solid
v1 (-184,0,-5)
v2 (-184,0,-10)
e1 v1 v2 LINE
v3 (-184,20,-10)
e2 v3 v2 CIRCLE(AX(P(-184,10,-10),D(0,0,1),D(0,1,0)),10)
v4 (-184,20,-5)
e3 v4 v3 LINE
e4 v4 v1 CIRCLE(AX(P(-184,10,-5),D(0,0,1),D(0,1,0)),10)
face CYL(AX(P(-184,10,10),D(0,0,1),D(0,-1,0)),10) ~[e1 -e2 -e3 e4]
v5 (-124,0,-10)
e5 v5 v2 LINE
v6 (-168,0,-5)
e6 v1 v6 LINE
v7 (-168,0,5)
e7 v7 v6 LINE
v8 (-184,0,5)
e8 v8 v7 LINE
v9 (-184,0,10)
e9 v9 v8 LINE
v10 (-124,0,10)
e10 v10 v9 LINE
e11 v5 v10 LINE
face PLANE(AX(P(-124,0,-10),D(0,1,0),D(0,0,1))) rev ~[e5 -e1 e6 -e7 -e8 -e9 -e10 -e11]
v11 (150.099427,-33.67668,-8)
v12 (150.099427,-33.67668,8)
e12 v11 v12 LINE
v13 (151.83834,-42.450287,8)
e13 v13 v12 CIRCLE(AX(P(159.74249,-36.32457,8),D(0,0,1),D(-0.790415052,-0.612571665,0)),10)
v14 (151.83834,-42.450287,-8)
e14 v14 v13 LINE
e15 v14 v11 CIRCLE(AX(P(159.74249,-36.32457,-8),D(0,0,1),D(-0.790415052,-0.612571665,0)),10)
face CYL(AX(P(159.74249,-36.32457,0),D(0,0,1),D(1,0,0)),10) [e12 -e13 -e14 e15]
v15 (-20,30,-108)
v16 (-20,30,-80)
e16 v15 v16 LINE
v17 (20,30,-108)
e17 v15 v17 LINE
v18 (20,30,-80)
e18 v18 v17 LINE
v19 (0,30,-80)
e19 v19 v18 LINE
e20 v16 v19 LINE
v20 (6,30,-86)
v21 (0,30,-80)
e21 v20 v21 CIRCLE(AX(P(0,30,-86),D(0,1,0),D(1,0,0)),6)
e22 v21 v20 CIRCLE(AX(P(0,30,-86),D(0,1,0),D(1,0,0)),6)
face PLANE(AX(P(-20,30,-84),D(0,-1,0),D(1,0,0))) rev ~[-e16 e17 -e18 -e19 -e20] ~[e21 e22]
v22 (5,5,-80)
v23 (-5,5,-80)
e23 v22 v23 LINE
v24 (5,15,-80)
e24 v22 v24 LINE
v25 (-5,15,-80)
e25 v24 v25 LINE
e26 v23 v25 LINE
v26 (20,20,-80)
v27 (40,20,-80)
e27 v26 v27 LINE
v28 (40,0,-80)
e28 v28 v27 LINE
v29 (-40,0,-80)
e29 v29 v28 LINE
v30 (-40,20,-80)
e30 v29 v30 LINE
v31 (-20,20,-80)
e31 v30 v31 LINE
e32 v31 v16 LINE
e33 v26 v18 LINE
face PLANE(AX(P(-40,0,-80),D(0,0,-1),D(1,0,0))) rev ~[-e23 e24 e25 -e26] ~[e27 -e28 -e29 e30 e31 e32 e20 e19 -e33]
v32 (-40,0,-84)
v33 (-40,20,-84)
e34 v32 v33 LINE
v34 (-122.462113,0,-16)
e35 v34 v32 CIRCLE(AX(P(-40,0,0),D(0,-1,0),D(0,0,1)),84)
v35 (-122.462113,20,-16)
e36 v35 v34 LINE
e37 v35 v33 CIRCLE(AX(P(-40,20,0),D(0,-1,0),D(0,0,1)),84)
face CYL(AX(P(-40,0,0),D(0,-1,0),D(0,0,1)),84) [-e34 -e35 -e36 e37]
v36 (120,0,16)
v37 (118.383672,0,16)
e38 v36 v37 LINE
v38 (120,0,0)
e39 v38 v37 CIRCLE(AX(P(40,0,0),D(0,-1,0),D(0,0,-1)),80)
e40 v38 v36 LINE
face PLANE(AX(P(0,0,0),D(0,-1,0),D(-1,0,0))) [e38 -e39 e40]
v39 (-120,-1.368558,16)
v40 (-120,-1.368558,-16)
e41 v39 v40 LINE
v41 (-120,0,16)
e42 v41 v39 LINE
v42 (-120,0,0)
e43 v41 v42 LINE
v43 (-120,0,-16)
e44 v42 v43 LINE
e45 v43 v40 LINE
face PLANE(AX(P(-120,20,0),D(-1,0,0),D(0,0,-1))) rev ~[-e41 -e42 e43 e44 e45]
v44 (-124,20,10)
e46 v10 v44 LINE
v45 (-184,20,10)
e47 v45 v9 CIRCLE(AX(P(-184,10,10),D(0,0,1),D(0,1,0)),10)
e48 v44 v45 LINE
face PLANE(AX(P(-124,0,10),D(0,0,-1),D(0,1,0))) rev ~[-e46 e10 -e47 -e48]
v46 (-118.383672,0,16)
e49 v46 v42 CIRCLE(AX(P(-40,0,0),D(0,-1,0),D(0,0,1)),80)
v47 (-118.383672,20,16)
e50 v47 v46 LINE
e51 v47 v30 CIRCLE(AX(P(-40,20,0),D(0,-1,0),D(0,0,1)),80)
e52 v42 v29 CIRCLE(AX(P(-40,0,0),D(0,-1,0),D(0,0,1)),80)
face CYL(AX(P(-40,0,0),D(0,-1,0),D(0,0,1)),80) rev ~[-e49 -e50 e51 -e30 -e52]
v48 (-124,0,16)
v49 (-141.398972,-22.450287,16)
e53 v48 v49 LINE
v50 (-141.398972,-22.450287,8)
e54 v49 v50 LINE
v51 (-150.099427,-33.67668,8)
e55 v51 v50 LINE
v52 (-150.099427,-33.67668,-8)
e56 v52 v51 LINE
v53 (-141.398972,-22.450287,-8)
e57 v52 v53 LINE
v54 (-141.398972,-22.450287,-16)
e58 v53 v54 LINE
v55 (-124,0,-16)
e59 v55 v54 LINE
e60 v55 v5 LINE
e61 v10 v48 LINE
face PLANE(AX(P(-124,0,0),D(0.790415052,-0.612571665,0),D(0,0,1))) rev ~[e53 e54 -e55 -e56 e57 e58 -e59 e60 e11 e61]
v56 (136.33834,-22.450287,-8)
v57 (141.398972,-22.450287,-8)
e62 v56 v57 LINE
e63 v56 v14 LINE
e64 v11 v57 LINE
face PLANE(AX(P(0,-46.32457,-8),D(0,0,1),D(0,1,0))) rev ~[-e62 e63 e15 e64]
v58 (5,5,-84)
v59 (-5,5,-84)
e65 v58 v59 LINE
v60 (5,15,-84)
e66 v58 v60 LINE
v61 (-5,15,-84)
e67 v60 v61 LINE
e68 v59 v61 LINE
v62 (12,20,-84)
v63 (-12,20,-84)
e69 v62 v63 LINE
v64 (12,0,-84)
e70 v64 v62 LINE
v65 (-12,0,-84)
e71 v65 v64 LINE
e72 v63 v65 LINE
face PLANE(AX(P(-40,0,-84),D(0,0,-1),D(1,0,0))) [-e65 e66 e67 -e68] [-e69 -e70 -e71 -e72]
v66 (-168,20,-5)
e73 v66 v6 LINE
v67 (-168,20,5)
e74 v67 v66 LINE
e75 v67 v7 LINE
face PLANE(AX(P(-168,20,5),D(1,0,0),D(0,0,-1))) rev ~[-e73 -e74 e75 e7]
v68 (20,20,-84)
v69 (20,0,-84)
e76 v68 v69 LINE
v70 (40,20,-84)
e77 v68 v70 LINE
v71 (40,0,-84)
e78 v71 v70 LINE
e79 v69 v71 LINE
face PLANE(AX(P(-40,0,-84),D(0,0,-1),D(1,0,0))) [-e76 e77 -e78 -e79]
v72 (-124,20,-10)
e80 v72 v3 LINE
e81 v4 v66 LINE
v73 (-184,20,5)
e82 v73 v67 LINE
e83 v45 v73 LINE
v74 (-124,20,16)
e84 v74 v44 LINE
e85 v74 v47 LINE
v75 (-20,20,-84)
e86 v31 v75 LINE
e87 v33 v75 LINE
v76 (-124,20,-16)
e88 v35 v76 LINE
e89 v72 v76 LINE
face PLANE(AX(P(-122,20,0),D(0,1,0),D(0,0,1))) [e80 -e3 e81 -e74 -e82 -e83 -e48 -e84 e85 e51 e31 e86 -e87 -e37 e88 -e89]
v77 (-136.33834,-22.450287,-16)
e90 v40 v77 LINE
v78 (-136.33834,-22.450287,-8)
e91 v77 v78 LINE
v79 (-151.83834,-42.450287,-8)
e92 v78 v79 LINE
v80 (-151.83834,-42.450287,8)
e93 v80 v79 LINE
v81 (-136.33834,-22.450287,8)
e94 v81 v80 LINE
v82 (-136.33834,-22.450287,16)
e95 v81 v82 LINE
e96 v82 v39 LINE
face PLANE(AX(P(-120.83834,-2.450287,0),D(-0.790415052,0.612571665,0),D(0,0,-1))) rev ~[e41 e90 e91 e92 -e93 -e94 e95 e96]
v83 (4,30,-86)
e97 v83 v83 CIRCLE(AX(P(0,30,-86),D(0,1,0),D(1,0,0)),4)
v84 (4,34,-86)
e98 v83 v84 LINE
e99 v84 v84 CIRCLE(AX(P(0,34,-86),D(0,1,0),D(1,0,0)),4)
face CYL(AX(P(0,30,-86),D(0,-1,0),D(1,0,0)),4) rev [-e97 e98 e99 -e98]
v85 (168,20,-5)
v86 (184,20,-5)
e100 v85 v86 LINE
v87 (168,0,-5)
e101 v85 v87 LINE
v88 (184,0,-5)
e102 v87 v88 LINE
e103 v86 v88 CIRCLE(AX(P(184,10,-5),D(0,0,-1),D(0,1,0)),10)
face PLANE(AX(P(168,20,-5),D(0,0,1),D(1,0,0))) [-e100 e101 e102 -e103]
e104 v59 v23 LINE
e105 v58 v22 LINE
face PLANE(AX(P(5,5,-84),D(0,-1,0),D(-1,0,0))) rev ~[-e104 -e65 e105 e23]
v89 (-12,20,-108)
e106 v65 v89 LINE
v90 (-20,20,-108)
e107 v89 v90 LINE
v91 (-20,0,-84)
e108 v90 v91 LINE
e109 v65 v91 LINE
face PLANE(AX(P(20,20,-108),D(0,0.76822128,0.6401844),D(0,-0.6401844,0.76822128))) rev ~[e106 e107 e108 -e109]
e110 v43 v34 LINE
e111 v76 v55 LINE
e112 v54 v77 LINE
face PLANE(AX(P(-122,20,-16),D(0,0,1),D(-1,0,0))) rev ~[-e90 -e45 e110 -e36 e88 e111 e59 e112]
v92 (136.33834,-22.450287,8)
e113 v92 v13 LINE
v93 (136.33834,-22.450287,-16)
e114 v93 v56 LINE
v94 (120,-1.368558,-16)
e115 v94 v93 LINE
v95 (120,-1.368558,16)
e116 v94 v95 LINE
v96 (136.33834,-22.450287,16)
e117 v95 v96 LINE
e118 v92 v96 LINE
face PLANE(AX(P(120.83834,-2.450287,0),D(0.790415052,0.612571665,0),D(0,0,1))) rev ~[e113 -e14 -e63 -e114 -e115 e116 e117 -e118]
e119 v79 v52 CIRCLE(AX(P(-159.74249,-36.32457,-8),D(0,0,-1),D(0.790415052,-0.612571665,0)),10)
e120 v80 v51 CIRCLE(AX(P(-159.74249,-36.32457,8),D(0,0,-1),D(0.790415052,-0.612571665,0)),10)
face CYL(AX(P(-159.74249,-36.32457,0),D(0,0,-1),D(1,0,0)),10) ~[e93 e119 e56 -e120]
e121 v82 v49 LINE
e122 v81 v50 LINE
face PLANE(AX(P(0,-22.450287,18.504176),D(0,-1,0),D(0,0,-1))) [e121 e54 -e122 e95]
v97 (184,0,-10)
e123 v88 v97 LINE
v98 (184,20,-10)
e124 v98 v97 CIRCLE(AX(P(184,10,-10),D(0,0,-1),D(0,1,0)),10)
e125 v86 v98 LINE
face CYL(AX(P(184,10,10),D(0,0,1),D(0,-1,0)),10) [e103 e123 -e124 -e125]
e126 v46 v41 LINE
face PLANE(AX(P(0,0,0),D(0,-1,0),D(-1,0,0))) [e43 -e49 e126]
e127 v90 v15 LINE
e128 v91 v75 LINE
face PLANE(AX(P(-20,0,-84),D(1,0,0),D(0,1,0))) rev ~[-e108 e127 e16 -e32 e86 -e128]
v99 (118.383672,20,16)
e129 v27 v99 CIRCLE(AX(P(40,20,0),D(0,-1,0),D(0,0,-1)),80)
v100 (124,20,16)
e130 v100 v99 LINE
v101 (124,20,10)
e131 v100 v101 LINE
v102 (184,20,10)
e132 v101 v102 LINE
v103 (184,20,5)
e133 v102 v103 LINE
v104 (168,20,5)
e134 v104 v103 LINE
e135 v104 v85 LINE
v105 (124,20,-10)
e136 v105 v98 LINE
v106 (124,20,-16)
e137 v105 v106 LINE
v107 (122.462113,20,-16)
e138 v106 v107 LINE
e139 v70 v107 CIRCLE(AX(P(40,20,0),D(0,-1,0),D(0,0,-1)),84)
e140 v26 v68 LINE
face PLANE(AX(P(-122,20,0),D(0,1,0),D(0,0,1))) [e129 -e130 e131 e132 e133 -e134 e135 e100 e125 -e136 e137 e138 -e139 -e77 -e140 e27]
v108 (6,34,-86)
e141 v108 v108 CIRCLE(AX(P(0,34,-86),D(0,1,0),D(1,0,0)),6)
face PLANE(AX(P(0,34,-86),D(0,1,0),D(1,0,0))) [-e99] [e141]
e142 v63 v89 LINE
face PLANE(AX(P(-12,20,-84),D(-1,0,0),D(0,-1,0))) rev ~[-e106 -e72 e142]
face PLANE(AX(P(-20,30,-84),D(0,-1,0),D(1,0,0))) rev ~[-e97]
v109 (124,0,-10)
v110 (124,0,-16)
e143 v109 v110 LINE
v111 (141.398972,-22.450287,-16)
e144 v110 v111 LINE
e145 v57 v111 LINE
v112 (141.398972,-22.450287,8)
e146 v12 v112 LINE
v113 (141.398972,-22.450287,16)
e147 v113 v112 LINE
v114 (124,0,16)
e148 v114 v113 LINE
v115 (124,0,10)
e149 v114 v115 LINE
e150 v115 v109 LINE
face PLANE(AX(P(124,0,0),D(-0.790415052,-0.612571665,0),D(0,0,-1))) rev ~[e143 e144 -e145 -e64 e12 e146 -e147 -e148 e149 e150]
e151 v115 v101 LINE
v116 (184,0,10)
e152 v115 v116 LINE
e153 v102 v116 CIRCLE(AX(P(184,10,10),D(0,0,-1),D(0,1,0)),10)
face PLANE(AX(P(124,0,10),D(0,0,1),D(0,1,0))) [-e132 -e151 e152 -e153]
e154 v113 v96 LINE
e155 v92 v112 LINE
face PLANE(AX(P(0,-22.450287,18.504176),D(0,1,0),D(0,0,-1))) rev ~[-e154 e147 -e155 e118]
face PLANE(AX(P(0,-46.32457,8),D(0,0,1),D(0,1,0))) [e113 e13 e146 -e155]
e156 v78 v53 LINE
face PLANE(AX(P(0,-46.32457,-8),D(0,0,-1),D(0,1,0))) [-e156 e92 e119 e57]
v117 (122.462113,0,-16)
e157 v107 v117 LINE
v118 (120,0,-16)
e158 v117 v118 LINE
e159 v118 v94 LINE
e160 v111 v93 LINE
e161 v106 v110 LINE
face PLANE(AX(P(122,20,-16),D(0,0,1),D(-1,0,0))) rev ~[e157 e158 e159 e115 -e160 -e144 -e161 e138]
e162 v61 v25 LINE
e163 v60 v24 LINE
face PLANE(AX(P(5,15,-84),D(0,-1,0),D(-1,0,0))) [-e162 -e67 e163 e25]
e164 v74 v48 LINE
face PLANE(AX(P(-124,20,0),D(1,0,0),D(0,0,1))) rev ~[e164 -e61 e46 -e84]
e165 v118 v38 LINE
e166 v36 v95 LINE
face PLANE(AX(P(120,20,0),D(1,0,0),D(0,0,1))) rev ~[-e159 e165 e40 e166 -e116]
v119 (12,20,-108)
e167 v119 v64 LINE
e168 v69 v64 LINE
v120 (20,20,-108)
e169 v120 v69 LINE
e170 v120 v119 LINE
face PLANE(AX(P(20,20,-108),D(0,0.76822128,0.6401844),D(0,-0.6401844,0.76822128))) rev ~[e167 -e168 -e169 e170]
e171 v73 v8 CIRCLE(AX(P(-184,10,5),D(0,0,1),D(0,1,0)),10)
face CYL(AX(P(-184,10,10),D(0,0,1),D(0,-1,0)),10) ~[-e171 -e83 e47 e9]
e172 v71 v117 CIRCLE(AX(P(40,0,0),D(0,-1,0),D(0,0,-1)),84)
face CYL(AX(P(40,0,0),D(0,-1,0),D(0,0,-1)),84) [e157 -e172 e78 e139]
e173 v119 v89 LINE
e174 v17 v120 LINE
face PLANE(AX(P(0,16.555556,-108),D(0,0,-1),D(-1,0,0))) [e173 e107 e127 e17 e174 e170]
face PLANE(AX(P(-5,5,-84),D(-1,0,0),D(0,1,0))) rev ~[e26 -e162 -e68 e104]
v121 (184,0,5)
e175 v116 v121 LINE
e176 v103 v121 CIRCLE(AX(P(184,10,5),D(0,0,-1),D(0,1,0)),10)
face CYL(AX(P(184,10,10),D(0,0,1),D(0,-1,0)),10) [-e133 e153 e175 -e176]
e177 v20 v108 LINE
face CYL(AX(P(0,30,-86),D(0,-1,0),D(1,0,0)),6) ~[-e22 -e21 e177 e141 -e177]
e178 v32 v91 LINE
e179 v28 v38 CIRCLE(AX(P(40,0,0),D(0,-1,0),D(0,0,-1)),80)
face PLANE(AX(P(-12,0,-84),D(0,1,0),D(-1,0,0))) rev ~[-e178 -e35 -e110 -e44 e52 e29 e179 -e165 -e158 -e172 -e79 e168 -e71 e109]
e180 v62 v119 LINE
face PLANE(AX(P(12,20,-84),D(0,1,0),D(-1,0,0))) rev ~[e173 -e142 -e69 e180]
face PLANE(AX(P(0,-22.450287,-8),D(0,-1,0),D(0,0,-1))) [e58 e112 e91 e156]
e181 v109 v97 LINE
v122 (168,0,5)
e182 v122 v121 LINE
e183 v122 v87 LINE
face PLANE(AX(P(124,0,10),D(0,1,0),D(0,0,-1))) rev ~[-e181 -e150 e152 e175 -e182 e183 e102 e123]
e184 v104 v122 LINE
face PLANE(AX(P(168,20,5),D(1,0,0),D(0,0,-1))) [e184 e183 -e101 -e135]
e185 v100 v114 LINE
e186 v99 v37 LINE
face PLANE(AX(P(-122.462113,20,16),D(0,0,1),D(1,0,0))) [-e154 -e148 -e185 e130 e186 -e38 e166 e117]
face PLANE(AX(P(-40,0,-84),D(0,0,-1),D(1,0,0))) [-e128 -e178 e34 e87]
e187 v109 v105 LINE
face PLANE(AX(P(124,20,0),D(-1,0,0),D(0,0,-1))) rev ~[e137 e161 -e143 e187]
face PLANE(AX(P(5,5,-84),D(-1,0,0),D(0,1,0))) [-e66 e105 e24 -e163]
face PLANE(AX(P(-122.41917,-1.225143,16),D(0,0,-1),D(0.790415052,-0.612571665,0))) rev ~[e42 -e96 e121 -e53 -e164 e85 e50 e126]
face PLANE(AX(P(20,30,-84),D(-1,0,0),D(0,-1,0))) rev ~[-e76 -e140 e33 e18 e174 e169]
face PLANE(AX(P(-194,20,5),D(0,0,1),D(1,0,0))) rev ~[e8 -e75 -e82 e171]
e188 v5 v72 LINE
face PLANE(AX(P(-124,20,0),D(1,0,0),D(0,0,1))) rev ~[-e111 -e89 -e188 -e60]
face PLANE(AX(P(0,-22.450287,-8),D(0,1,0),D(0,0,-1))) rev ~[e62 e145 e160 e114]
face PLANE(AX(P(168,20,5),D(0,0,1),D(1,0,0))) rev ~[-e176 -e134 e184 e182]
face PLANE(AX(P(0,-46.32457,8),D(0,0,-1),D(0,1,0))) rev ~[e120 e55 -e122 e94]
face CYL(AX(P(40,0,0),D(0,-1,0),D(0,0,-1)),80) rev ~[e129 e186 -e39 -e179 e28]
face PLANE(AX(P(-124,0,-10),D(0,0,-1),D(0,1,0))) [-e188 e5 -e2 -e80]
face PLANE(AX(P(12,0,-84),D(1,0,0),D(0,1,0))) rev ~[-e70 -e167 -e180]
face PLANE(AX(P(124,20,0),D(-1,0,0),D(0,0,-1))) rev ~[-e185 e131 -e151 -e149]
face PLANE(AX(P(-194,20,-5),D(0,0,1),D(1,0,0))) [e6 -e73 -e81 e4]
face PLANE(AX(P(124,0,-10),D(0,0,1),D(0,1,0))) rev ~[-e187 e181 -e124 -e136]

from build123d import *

# Parameters (mm, degrees)
EXTRUDE_1_DEPTH           = 20
SKETCH_18_W               = 10
SKETCH_18_H               = 10
CUT_EXTRUDE_6_DEPTH       = 10
SKETCH_20_W               = 40
SKETCH_20_H               = 4
EXTRUDE_5_DEPTH           = 10
SKETCH_8_W                = 4
SKETCH_8_H                = 32
SKETCH_25_W               = 246.903686524
SKETCH_25_H               = 75.06139437
CUT_EXTRUDE_7_DEPTH       = 30
SKETCH_11_W               = 4
SKETCH_11_H               = 32
SKETCH_26_W               = 20
SKETCH_26_H               = 20
EXTRUDE_6_DEPTH           = 70
SKETCH_28_W               = 20
SKETCH_28_H               = 20
EXTRUDE_7_DEPTH           = 70
SKETCH_29_W               = 26
SKETCH_29_H               = 10
CUT_EXTRUDE_8_DEPTH       = 20
SKETCH_31_R               = 10
CUT_EXTRUDE_10_DEPTH      = 101
SKETCH_32_R               = 10
EXTRUDE_8_DEPTH           = 8
CUT_EXTRUDE_11_DEPTH      = 95
EXTRUDE_9_DEPTH           = 24
CUT_EXTRUDE_12_DEPTH      = 215
SKETCH_36_R               = 6
SKETCH_36_R_2             = 4
EXTRUDE_10_DEPTH          = 4
SKETCH_38_W               = 10.504176023
SKETCH_38_H               = 23.874283345
SKETCH_38_W_2             = 11.702143621
CUT_EXTRUDE_13_DEPTH      = 195
CUT_EXTRUDE_13_DEPTH_BACK = 195


with BuildPart() as part:
    # 草图2 → 凸台-拉伸1 (new body)
    with BuildSketch(Plane(origin=(0, 0, 0), x_dir=(1, 0, 0), z_dir=(0, 1, 0))):
        with BuildLine():
            Line((-40, 84), (40, 84))
            ThreePointArc((40, 84), (124, 0), (40, -84))
            Line((40, -84), (-40, -84))
            ThreePointArc((-40, -84), (-124, 0), (-40, 84))
        make_face()
        with BuildLine():
            Line((-40, 80), (40, 80))
            ThreePointArc((40, 80), (120, 0), (40, -80))
            Line((40, -80), (-40, -80))
            ThreePointArc((-40, -80), (-120, 0), (-40, 80))
        make_face(mode=Mode.SUBTRACT)
    extrude(amount=EXTRUDE_1_DEPTH)

    # 草图18 → 切除-拉伸6 (cut)
    with BuildSketch(Plane(origin=(0, 0, -84), x_dir=(-1, 0, 0), z_dir=(0, 0, -1))):
        with Locations((0, 10)):
            Rectangle(SKETCH_18_W, SKETCH_18_H)
    extrude(amount=-CUT_EXTRUDE_6_DEPTH, mode=Mode.SUBTRACT)

    # 草图20 → 凸台-拉伸5 (add)
    with BuildSketch(Plane(origin=(0, 20, 0), x_dir=(1, 0, 0), z_dir=(0, 1, 0))):
        with Locations((0, 82)):
            Rectangle(SKETCH_20_W, SKETCH_20_H)
    extrude(amount=EXTRUDE_5_DEPTH)

    # 扫描1: sweep along a path in 草图9
    with BuildLine(Plane.XY) as sweep_1_path:
        Line((-124, 20), (-124, 0))
        Line((-124, 0), (-155, -40))
    # 草图8 → 扫描1 (sweep)
    with BuildSketch(Plane(origin=(0, 20, 0), x_dir=(1, 0, 0), z_dir=(0, 1, 0))):
        with Locations((-122, 0)):
            Rectangle(SKETCH_8_W, SKETCH_8_H)
    sweep(path=sweep_1_path.line, transition=Transition.RIGHT)

    # 草图25 → 切除-拉伸7 (cut)
    with BuildSketch(Plane(origin=(0, 20, 0), x_dir=(1, 0, 0), z_dir=(0, 1, 0))):
        with Locations((0.98973075, -53.530697185)):
            Rectangle(SKETCH_25_W, SKETCH_25_H)
    extrude(amount=-CUT_EXTRUDE_7_DEPTH, mode=Mode.SUBTRACT)

    # 扫描2: sweep along a path in 草图27
    with BuildLine(Plane.XY) as sweep_2_path:
        Line((124, 20), (124, 0))
        Line((124, 0), (155, -40))
    # 草图11 → 扫描2 (sweep)
    with BuildSketch(Plane(origin=(0, 20, 0), x_dir=(1, 0, 0), z_dir=(0, 1, 0))):
        with Locations((122, 0)):
            Rectangle(SKETCH_11_W, SKETCH_11_H)
    sweep(path=sweep_2_path.line, transition=Transition.RIGHT)

    # 草图26 → 凸台-拉伸6 (add)
    with BuildSketch(Plane.ZY.offset(124)):
        with Locations((0, 10)):
            Rectangle(SKETCH_26_W, SKETCH_26_H)
    extrude(amount=EXTRUDE_6_DEPTH)

    # 草图28 → 凸台-拉伸7 (add)
    with BuildSketch(Plane(origin=(124, 0, 0), x_dir=(0, 0, -1), z_dir=(1, 0, 0))):
        with Locations((0, 10)):
            Rectangle(SKETCH_28_W, SKETCH_28_H)
    extrude(amount=EXTRUDE_7_DEPTH)

    # 草图29 → 切除-拉伸8 (cut)
    with BuildSketch(Plane(origin=(0, 20, 0), x_dir=(1, 0, 0), z_dir=(0, 1, 0))):
        with Locations((-181, 0)):
            Rectangle(SKETCH_29_W, SKETCH_29_H)
        with Locations((181, 0)):
            Rectangle(SKETCH_29_W, SKETCH_29_H)
    extrude(amount=-CUT_EXTRUDE_8_DEPTH, mode=Mode.SUBTRACT)

    # 草图31 → 切除-拉伸10 (cut, through all)
    with BuildSketch(Plane.XY.offset(16)):
        with Locations((-159.742490313, -36.324570007)):
            Circle(SKETCH_31_R)
        with Locations((159.742490313, -36.324570007)):
            Circle(SKETCH_31_R)
    extrude(amount=-CUT_EXTRUDE_10_DEPTH, mode=Mode.SUBTRACT)

    # 草图32 → 凸台-拉伸8 (add, symmetric)
    with BuildSketch(Plane.XY):
        with Locations((-159.742490313, -36.324570007)):
            Circle(SKETCH_32_R)
        with Locations((159.742490313, -36.324570007)):
            Circle(SKETCH_32_R)
    extrude(amount=EXTRUDE_8_DEPTH, both=True)

    # 草图33 → 切除-拉伸11 (cut, through all)
    with BuildSketch(Plane.XY.offset(10)):
        with BuildLine():
            Line((-184, 20), (-199.388740024, 20))
            Line((-199.388740024, 20), (-199.388740024, 0))
            Line((-199.388740024, 0), (-184, 0))
            ThreePointArc((-184, 0), (-194, 10), (-184, 20))
        make_face()
        with BuildLine():
            Line((184, 20), (198.413524526, 20))
            Line((198.413524526, 20), (198.413524526, 0))
            Line((198.413524526, 0), (184, 0))
            ThreePointArc((184, 0), (194, 10), (184, 20))
        make_face()
    extrude(amount=-CUT_EXTRUDE_11_DEPTH, mode=Mode.SUBTRACT)

    # 草图34 → 凸台-拉伸9 (add)
    with BuildSketch(Plane(origin=(0, 0, -84), x_dir=(-1, 0, 0), z_dir=(0, 0, -1))):
        Polygon((20, 30), (-20, 30), (-20, 20), (-20, 0), (-12, 0), (-12, 20), (12, 20), (12, 0), (20, 0), (20, 20), align=None)
    extrude(amount=EXTRUDE_9_DEPTH)

    # 草图35 → 切除-拉伸12 (cut, through all)
    with BuildSketch(Plane(origin=(20, 0, 0), x_dir=(0, 0, -1), z_dir=(1, 0, 0))):
        Polygon((108, 20), (84, 0), (110.80524342, 0), align=None)
    extrude(amount=-CUT_EXTRUDE_12_DEPTH, mode=Mode.SUBTRACT)

    # 草图36 → 凸台-拉伸10 (add)
    with BuildSketch(Plane(origin=(0, 30, 0), x_dir=(1, 0, 0), z_dir=(0, 1, 0))):
        with Locations((0, 86)):
            Circle(SKETCH_36_R)
        with Locations((0, 86)):
            Circle(SKETCH_36_R_2, mode=Mode.SUBTRACT)
    extrude(amount=EXTRUDE_10_DEPTH)

    # 草图38 → 切除-拉伸13 (cut, two sides)
    with BuildSketch(Plane(origin=(0, 0, 0), x_dir=(0, 0, -1), z_dir=(1, 0, 0))) as cut_extrude_13_sk:
        with Locations((-13.252088011, -34.387428335)):
            Rectangle(SKETCH_38_W, SKETCH_38_H)
        with Locations((13.851071811, -34.387428335)):
            Rectangle(SKETCH_38_W_2, SKETCH_38_H)
    extrude(amount=CUT_EXTRUDE_13_DEPTH, mode=Mode.SUBTRACT)
    extrude(cut_extrude_13_sk.sketch, amount=-CUT_EXTRUDE_13_DEPTH_BACK, mode=Mode.SUBTRACT)


solid = part.part
